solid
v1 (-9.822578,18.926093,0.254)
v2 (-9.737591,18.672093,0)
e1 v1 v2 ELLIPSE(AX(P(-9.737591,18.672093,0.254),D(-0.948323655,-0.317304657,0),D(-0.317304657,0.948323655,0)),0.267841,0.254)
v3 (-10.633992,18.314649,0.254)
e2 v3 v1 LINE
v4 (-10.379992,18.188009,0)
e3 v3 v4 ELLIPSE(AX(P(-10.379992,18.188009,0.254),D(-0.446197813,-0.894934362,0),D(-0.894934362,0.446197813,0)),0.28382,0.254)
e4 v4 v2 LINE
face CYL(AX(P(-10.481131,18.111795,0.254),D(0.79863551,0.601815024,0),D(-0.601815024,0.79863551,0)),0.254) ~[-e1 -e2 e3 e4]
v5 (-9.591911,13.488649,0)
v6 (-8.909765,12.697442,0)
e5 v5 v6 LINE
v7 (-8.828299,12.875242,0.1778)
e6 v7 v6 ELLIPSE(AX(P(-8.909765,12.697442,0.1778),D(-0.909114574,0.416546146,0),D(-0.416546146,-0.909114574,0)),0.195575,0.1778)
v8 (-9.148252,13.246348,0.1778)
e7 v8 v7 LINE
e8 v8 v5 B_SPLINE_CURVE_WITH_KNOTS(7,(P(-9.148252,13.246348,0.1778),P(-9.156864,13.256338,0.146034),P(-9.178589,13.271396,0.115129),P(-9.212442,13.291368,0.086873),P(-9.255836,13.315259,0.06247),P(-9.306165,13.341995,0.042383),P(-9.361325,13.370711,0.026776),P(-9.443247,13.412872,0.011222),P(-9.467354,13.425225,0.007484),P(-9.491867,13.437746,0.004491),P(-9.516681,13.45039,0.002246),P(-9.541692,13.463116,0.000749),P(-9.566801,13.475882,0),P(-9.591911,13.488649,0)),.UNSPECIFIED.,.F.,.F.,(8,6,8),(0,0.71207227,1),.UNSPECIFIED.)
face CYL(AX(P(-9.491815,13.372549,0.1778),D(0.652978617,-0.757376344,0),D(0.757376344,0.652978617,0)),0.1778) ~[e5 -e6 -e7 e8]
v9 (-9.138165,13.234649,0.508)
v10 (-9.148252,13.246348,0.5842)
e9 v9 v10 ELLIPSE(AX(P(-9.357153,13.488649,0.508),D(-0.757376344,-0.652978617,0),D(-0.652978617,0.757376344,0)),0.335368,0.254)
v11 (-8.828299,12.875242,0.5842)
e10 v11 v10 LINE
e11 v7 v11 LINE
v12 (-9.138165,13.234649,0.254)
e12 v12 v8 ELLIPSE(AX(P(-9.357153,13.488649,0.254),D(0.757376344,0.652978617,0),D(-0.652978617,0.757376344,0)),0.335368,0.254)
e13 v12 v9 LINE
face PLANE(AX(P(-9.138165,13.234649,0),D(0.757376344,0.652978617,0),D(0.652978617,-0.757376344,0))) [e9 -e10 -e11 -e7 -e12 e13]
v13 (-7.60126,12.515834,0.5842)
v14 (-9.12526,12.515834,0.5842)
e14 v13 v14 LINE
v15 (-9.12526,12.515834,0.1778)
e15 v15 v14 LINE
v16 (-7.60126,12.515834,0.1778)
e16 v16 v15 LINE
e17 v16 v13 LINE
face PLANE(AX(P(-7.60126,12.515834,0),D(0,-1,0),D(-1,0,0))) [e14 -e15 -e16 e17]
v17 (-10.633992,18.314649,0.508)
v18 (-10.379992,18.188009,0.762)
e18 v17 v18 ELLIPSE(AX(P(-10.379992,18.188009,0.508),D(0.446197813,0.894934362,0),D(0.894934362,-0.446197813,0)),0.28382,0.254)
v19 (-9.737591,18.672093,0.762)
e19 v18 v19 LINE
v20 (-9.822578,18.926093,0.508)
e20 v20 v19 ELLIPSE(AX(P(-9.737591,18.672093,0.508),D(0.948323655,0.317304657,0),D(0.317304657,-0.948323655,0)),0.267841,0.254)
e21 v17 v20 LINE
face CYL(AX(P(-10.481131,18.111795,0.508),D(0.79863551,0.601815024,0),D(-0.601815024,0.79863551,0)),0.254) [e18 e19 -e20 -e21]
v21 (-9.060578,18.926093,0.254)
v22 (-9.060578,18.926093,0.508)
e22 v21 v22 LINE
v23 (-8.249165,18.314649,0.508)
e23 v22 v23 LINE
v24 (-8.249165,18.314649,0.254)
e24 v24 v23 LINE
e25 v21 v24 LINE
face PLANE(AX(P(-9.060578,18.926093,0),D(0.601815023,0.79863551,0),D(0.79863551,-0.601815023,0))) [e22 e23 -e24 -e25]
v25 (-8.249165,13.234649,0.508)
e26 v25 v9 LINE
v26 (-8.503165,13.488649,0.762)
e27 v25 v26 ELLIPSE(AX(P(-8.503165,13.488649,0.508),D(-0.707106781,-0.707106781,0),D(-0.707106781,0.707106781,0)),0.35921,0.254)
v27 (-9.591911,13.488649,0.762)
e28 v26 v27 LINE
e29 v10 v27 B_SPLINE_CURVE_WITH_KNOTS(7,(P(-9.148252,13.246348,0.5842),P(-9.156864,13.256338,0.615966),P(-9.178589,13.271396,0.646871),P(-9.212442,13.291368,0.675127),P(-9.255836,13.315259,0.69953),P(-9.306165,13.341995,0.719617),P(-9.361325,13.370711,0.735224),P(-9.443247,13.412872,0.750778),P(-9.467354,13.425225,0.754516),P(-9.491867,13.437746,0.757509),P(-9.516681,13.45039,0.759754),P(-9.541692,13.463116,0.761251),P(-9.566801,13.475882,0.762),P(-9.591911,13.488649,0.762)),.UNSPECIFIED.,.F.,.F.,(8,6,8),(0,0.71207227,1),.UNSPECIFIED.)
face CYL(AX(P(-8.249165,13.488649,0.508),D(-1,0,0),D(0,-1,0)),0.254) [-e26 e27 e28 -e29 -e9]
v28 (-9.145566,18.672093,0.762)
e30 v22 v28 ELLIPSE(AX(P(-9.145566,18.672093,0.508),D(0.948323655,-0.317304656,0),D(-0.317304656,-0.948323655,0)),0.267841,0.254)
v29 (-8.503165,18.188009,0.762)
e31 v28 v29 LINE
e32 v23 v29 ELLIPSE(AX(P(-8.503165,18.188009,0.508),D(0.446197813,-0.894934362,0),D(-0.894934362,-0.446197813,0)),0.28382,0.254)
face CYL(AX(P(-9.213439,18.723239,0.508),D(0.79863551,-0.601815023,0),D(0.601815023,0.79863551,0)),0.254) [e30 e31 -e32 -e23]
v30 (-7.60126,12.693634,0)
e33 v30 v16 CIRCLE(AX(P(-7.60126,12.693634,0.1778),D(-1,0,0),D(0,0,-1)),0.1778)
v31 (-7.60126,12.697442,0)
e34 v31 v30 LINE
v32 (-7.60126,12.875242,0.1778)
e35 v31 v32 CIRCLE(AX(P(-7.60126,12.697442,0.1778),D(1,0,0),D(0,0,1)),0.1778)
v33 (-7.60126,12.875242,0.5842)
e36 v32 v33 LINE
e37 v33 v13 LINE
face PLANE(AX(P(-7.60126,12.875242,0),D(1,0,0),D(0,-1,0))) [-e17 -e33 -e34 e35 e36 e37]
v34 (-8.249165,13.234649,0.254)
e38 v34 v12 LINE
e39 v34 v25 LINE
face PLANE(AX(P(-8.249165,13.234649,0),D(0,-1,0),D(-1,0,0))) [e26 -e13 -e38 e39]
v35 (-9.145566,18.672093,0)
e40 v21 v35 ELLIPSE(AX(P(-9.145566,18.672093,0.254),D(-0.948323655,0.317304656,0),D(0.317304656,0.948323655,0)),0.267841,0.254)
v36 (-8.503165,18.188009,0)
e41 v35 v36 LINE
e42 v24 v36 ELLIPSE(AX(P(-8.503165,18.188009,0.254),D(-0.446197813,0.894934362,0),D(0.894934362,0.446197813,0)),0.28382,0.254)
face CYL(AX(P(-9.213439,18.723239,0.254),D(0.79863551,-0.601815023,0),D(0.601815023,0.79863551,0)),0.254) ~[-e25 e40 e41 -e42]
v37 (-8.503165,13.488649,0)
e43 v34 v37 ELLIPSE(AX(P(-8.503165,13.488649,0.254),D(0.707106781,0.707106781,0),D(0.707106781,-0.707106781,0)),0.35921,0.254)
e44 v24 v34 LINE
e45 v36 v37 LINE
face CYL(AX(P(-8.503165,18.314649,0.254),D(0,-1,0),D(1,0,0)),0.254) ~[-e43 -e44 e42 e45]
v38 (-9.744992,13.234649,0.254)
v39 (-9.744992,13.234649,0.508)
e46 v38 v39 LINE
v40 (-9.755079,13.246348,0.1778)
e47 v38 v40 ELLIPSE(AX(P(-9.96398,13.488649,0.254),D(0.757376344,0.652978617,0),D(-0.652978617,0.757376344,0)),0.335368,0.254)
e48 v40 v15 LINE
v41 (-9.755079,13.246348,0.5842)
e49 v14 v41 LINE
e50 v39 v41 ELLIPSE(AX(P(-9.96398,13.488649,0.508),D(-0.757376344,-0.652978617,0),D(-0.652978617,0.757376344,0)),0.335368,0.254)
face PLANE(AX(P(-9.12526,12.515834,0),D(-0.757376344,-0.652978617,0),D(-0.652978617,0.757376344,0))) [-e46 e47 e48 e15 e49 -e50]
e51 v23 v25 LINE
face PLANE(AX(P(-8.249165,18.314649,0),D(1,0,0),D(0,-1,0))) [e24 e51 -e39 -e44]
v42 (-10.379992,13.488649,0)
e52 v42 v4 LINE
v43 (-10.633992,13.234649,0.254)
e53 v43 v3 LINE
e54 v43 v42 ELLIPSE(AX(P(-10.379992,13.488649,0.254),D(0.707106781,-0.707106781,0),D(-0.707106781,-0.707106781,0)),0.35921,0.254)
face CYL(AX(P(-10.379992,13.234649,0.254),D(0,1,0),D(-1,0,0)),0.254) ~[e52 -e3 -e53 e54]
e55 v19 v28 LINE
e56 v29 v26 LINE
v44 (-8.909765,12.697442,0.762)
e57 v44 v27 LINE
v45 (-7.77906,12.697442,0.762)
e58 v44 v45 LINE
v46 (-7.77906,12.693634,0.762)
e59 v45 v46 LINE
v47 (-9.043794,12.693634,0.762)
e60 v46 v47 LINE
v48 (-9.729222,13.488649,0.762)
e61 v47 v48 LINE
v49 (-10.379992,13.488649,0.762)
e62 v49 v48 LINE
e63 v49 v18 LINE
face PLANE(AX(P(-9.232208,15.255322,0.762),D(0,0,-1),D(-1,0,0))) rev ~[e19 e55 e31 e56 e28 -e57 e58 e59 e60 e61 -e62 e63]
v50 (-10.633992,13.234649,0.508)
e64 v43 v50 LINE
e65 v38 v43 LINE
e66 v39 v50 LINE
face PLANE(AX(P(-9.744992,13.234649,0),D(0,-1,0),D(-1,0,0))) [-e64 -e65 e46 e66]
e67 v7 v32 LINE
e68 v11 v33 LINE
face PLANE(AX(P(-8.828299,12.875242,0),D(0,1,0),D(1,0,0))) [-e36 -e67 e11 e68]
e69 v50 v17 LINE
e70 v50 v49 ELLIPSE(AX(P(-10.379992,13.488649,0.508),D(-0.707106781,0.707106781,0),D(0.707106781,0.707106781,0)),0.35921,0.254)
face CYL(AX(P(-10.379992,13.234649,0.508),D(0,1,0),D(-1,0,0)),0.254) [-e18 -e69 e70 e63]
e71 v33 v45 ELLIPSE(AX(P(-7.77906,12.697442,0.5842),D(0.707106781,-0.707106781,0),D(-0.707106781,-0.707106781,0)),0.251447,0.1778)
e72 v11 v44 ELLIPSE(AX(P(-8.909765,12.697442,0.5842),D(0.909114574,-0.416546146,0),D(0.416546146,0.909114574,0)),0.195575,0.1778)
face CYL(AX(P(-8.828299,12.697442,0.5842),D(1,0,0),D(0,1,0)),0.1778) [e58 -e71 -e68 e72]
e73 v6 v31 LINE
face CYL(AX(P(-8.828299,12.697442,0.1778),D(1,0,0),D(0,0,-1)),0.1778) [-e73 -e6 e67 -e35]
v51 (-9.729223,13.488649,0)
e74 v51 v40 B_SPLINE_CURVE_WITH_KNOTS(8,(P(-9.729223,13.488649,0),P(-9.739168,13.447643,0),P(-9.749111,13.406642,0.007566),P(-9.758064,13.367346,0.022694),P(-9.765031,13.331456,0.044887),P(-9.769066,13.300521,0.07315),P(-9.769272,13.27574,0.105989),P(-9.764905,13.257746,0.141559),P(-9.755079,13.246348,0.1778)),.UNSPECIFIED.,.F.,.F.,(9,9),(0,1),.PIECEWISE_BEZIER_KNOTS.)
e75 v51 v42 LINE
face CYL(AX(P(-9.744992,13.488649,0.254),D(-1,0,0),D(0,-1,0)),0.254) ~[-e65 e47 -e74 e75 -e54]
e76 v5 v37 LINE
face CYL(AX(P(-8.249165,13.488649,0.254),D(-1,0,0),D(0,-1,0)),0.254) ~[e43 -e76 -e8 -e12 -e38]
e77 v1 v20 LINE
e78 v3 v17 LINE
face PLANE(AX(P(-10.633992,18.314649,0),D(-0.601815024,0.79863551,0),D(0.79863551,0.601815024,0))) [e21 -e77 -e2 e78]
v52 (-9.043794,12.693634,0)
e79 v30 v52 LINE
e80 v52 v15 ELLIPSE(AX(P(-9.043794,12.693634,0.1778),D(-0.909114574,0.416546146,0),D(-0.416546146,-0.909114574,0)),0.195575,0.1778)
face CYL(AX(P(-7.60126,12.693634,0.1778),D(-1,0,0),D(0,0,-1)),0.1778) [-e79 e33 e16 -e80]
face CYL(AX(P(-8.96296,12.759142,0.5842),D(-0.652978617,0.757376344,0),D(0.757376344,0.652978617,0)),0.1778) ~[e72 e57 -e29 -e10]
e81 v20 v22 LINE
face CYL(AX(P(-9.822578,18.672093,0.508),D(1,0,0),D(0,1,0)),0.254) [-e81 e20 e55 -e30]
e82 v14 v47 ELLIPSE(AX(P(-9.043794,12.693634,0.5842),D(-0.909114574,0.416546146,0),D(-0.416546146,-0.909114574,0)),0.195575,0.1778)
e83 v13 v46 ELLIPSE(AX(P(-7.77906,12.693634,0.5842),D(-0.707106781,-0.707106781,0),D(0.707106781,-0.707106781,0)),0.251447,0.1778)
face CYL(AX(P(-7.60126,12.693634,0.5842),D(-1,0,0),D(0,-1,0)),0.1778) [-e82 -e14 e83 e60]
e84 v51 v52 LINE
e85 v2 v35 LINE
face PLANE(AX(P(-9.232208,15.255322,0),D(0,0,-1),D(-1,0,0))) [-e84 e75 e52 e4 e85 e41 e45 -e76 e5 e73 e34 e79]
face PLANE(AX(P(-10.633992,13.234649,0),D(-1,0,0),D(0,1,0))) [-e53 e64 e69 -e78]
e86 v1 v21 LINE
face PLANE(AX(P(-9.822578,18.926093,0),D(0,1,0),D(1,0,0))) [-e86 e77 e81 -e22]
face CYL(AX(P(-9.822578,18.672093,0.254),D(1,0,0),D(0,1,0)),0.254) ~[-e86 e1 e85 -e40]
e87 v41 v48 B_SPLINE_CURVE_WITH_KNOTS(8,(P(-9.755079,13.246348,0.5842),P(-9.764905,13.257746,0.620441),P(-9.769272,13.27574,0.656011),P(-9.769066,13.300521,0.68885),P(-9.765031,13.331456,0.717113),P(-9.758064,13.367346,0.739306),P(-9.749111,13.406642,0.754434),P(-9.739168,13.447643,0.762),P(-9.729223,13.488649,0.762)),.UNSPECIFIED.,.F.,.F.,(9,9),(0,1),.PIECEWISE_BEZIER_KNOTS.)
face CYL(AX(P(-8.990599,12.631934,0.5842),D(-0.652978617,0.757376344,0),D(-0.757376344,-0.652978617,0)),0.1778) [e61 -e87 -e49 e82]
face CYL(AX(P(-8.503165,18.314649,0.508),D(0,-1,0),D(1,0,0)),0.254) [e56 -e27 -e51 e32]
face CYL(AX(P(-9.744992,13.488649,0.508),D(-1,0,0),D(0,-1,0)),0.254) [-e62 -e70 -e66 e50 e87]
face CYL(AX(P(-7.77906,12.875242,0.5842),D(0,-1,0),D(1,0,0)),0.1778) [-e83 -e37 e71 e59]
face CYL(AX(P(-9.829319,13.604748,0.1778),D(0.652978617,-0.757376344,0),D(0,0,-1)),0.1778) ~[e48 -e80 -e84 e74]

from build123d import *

# Parameters (mm, degrees)
BOSS_EXTRUDE1_DEPTH = 0.762
FILLET6_R           = 0.254
FILLET7_R           = 0.1778


with BuildPart() as part:
    # Sketch1 → Boss-Extrude1 (new body)
    with BuildSketch(Plane.XY):
        Polygon((-10.633992105, 13.234648789), (-10.633992105, 18.314648789), (-9.822578427, 18.926092853), (-9.060578427, 18.926092853), (-8.249164748, 18.314648789), (-8.249164748, 13.234648789), (-9.138164748, 13.234648789), (-8.828298732, 12.875241629), (-7.601260072, 12.875241629), (-7.601260072, 12.515834468), (-9.125260072, 12.515834468), (-9.744992105, 13.234648789), align=None)
    extrude(amount=BOSS_EXTRUDE1_DEPTH)

    # Fillet6
    fillet6_edges = [part.edges().sort_by_distance(p)[0] for p in [
        (-8.693664748, 13.234648789, 0.762),
        (-10.189492105, 13.234648789, 0),
        (-10.633992105, 15.774648789, 0),
        (-10.228285266, 18.620370821, 0),
        (-9.441578427, 18.926092853, 0),
        (-8.654871588, 18.620370821, 0),
        (-8.249164748, 15.774648789, 0),
        (-8.693664748, 13.234648789, 0),
        (-8.249164748, 15.774648789, 0.762),
        (-8.654871588, 18.620370821, 0.762),
        (-9.441578427, 18.926092853, 0.762),
        (-10.228285266, 18.620370821, 0.762),
        (-10.633992105, 15.774648789, 0.762),
        (-10.189492105, 13.234648789, 0.762),
    ]]
    fillet(fillet6_edges, radius=FILLET6_R)

    # Fillet7
    fillet7_edges = [part.edges().sort_by_distance(p)[0] for p in [
        (-8.363260072, 12.515834468, 0),
        (-9.435126088, 12.875241629, 0),
        (-8.98323174, 13.054945209, 0),
        (-8.214779402, 12.875241629, 0),
        (-7.601260072, 12.695538049, 0.762),
        (-8.363260072, 12.515834468, 0.762),
        (-9.435126088, 12.875241629, 0.762),
        (-8.214779402, 12.875241629, 0.762),
        (-8.98323174, 13.054945209, 0.762),
    ]]
    fillet(fillet7_edges, radius=FILLET7_R)


solid = part.part
